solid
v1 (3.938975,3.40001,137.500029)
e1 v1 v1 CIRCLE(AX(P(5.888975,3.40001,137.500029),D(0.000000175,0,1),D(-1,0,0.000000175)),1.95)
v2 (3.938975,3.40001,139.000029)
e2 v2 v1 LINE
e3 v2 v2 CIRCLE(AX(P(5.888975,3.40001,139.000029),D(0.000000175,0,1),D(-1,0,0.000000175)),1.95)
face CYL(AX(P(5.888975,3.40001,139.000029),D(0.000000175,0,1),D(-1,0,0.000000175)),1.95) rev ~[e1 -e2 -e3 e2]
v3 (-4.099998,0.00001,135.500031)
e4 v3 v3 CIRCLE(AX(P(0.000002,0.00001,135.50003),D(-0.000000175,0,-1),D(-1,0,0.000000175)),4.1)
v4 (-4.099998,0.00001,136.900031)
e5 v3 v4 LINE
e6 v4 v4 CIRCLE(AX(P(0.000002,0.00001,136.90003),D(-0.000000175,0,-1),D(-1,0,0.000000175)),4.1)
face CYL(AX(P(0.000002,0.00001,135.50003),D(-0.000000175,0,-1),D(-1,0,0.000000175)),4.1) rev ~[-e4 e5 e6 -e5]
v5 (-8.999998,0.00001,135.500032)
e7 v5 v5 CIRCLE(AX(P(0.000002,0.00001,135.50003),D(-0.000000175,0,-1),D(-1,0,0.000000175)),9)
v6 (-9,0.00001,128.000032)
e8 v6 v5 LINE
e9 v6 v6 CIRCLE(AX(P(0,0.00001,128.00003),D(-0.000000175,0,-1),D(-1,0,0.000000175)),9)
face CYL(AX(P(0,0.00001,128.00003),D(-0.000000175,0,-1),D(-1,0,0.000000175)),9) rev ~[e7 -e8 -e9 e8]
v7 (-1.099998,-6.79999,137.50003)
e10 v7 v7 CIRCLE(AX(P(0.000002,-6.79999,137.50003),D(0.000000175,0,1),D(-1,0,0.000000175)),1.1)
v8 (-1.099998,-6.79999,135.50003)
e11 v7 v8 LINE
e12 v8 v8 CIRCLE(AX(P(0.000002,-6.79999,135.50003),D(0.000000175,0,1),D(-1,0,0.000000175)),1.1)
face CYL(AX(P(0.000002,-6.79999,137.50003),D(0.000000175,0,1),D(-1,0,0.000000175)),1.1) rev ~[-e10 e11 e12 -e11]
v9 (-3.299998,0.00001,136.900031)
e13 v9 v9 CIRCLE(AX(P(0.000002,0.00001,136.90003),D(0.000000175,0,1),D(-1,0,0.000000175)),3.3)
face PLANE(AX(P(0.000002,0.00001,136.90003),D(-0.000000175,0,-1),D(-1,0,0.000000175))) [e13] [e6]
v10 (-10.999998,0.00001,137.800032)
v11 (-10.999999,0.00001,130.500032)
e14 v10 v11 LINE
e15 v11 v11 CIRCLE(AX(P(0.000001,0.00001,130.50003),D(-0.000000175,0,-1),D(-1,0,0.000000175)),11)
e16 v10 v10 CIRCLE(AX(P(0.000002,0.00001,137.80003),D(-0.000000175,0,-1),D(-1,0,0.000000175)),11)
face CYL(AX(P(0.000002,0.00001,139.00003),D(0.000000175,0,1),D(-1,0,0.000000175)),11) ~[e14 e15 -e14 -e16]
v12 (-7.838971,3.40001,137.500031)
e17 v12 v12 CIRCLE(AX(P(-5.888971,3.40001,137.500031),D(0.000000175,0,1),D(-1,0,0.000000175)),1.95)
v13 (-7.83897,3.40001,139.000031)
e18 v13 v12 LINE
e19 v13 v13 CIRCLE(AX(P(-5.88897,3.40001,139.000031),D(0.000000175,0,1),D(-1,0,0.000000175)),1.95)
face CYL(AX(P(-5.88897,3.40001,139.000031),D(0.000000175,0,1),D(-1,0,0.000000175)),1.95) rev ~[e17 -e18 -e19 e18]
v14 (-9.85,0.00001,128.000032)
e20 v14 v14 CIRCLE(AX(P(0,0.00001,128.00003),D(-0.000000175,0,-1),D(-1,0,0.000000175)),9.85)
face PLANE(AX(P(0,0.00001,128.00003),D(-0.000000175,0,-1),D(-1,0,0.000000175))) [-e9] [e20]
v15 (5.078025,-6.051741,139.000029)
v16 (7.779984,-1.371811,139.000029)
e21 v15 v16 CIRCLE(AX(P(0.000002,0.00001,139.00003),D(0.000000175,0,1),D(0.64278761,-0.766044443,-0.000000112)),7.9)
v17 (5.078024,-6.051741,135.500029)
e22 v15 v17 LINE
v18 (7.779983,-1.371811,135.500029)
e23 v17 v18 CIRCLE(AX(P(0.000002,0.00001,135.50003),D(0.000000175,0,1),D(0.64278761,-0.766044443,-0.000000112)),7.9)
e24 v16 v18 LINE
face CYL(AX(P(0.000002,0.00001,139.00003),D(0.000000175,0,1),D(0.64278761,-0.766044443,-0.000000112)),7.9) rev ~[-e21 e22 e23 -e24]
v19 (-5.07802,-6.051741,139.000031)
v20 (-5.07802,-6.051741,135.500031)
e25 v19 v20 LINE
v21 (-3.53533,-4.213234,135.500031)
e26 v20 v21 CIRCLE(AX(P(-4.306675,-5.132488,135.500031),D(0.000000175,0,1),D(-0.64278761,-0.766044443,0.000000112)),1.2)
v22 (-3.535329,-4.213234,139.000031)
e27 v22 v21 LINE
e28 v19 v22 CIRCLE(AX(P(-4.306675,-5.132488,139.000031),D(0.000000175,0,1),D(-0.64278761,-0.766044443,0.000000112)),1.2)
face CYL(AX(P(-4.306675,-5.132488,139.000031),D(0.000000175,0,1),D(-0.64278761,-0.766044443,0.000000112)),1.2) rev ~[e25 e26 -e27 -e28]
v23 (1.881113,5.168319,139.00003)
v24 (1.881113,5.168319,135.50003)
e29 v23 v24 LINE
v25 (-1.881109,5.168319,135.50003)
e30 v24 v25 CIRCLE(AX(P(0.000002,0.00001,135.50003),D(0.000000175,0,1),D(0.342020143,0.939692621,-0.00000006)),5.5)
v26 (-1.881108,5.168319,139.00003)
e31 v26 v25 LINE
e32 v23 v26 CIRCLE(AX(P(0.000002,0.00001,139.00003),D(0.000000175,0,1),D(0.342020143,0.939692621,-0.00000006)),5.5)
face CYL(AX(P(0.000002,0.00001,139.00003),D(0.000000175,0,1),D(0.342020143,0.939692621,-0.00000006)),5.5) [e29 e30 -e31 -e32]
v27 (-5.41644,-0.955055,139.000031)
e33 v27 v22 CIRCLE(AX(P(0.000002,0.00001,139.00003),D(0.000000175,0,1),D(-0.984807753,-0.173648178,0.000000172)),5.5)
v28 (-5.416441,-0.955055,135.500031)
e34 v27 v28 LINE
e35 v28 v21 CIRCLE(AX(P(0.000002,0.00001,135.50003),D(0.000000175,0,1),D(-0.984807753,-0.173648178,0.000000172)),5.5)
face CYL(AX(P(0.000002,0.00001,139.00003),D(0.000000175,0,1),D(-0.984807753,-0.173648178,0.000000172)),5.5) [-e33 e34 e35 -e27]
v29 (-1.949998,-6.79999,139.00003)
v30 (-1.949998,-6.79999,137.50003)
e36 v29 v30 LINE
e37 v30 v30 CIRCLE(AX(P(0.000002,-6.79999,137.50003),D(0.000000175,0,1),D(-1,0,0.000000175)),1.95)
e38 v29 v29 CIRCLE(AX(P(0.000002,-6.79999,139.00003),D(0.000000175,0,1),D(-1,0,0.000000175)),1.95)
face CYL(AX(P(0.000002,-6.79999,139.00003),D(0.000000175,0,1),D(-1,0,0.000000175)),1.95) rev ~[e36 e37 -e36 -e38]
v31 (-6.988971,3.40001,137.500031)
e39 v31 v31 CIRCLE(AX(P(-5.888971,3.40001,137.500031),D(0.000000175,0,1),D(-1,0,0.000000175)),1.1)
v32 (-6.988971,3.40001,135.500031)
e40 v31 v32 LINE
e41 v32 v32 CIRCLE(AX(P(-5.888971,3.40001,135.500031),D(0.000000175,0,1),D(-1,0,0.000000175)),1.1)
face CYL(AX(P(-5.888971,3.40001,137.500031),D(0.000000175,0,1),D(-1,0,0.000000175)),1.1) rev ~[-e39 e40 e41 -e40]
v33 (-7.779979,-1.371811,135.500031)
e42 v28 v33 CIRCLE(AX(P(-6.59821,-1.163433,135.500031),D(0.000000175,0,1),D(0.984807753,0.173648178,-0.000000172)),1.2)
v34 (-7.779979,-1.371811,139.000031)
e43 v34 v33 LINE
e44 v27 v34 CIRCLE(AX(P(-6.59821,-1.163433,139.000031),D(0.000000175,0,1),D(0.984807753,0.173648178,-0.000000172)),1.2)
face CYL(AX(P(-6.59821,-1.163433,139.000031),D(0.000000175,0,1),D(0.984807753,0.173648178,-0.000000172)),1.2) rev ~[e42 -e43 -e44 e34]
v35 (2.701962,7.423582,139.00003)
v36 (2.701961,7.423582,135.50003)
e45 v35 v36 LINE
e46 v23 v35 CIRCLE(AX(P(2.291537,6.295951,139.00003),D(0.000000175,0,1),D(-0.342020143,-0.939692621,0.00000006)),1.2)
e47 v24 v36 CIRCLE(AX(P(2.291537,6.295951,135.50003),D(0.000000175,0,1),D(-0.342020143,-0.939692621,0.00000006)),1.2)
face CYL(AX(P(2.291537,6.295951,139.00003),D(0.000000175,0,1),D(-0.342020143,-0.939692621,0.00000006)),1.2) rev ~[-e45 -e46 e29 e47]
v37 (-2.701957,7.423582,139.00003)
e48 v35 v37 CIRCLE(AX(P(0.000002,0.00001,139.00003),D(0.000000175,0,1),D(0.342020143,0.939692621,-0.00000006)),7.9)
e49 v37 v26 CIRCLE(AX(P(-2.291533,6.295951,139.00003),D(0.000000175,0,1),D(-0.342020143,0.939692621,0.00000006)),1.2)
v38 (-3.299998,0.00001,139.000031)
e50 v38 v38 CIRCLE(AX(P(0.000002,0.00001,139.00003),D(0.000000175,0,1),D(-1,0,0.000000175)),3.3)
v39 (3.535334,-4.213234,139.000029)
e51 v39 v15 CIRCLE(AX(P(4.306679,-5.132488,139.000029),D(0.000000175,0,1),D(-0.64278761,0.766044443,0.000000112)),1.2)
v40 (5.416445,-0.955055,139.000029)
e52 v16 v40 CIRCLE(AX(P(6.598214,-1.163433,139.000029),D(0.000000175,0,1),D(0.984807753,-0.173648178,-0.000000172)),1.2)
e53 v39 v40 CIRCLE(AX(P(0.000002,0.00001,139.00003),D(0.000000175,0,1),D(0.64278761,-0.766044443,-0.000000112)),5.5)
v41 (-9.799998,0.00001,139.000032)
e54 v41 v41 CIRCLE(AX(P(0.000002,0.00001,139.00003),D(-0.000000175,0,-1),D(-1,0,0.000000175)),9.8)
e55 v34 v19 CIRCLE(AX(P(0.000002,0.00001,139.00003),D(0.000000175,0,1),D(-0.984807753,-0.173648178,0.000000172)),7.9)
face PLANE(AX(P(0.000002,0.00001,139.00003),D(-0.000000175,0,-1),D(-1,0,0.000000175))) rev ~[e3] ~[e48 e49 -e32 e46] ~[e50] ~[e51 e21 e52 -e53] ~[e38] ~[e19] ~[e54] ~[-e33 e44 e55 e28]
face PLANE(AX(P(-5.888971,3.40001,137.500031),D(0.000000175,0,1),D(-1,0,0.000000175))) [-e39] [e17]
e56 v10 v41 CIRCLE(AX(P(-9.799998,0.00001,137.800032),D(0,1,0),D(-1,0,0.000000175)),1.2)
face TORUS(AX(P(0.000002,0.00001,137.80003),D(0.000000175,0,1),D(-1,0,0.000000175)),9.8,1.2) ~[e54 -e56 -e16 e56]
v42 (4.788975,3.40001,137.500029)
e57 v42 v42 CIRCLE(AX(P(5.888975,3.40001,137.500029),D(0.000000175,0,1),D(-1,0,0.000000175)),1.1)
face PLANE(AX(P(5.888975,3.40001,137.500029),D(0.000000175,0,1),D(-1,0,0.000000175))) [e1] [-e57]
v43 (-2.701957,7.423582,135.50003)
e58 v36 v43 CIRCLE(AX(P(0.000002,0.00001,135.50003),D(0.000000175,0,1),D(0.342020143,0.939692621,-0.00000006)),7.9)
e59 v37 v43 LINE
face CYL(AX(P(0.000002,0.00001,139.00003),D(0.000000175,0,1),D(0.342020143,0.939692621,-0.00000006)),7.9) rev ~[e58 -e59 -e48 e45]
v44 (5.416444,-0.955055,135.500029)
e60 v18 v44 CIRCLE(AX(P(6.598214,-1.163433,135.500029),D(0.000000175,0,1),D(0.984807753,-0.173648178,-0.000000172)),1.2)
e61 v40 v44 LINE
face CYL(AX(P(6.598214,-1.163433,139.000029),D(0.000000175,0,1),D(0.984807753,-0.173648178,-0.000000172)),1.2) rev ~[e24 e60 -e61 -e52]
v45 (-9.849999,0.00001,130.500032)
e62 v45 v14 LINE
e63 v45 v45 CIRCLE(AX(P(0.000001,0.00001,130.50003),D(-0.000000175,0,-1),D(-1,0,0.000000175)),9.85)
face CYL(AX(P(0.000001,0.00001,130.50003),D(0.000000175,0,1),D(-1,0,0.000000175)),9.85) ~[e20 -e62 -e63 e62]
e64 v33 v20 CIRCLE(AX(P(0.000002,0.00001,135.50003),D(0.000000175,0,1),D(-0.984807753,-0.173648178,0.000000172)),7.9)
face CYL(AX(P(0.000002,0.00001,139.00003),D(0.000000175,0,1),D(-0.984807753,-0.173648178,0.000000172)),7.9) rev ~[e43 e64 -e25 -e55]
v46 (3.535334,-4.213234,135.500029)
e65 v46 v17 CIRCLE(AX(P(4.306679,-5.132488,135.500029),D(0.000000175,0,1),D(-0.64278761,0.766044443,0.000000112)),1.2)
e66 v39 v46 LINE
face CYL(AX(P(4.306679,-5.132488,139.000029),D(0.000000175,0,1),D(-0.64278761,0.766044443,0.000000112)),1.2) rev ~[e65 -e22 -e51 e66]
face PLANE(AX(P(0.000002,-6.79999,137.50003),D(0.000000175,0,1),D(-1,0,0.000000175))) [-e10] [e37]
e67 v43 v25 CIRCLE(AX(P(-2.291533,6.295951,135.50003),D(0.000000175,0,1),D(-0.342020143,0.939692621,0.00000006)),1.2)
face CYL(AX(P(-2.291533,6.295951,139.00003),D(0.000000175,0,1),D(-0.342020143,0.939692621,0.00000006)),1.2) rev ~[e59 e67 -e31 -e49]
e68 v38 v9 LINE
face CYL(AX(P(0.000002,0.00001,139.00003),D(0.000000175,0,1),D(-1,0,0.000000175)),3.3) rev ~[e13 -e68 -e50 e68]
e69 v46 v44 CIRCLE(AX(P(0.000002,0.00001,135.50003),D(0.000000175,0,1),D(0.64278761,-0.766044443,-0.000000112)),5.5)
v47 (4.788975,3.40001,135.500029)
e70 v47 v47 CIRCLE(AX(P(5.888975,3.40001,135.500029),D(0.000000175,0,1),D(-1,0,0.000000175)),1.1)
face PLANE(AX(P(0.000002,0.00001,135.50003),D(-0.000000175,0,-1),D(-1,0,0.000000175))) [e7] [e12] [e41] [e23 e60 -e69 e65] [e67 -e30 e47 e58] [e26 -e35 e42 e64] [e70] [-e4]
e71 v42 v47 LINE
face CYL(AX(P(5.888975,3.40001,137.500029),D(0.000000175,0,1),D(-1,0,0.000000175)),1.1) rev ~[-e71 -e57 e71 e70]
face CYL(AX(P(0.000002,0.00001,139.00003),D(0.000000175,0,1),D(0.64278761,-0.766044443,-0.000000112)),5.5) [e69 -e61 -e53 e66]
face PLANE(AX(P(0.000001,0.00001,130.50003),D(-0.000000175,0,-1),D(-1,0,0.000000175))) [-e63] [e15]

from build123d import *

# Parameters (mm, degrees)
SKETCH030_R             = 11
PAD011_DEPTH            = 8.5
SKETCH031_R             = 9.85
PAD012_DEPTH            = 2.5
SKETCH032_R             = 9
POCKET019_DEPTH         = 7.5
SKETCH033_R             = 1.95
POCKET020_DEPTH         = 1.5
FILLET010_R             = 1.2
SKETCH034_R             = 1.1
POCKET021_DEPTH         = 2
SKETCH035_R             = 3.3
POCKET022_DEPTH         = 3.5
SKETCH036_R             = 4.1
POCKET023_DEPTH         = 1.4
BODY011_PLACEMENT_ANGLE = 180.00001


with BuildPart() as part:
    # Sketch030 → Pad011 (new body)
    with BuildSketch(Plane.XY):
        Circle(SKETCH030_R)
    extrude(amount=PAD011_DEPTH)

    # Sketch031 (on Face3 of Pad011) → Pad012 (join)
    with BuildSketch(Plane.XY.offset(8.5)):
        Circle(SKETCH031_R)
    extrude(amount=PAD012_DEPTH)

    # Sketch032 (on Face5 of Pad012) → Pocket019 (cut)
    with BuildSketch(Plane.XY.offset(11)):
        Circle(SKETCH032_R)
    extrude(amount=-POCKET019_DEPTH, mode=Mode.SUBTRACT)

    # Sketch033 (on Face2 of Pocket019) → Pocket020 (cut)
    with BuildSketch(Plane(origin=(0, 0, 0), x_dir=(1, 0, 0), z_dir=(0, 0, -1))):
        with Locations((0, 6.8)):
            Circle(SKETCH033_R)
        with Locations((-5.8889727457, -3.4)):
            Circle(SKETCH033_R)
        with Locations((5.8889727457, -3.4)):
            Circle(SKETCH033_R)
    extrude(amount=-POCKET020_DEPTH, mode=Mode.SUBTRACT)

    # Fillet010
    fillet010_edges = [part.edges().sort_by_distance(p)[0] for p in [
        (-11, 0, 0),
    ]]
    fillet(fillet010_edges, radius=FILLET010_R)

    # Sketch034 (on Face11 of Fillet010) → Pocket021 (cut)
    with BuildSketch(Plane(origin=(0, 0, 1.5), x_dir=(1, 0, 0), z_dir=(0, 0, -1))):
        with Locations((-5.8889727457, -3.4)):
            Circle(SKETCH034_R)
        with Locations((0, 6.8)):
            Circle(SKETCH034_R)
        with Locations((5.8889727457, -3.4)):
            Circle(SKETCH034_R)
    extrude(amount=-POCKET021_DEPTH, mode=Mode.SUBTRACT)

    # Sketch035 (on Face4 of Pocket021) → Pocket022 (cut)
    with BuildSketch(Plane(origin=(0, 0, 0), x_dir=(1, 0, 0), z_dir=(0, 0, -1))):
        Circle(SKETCH035_R)
        with BuildLine():
            ThreePointArc((-3.5353318533, 4.2132444372), (-3.3874236532, 5.9038429005), (-5.0780221165, 6.0517511006))
            ThreePointArc((-5.0780221165, 6.0517511006), (-6.8416006899, 3.95), (-7.7799812488, 1.3718206036))
            ThreePointArc((-7.7799812488, 1.3718206036), (-6.8065897584, -0.0183265132), (-5.4164426416, 0.9550649772))
            ThreePointArc((-3.5353318533, 4.2132444372), (-4.7631397208, 2.75), (-5.4164426416, 0.9550649772))
        make_face()
        with BuildLine():
            ThreePointArc((5.0780221165, 6.0517511006), (3.3874236532, 5.9038429005), (3.5353318533, 4.2132444372))
            ThreePointArc((5.4164426416, 0.9550649772), (4.7631397208, 2.75), (3.5353318533, 4.2132444372))
            ThreePointArc((5.4164426416, 0.9550649772), (6.8065897584, -0.0183265132), (7.7799812488, 1.3718206036))
            ThreePointArc((7.7799812488, 1.3718206036), (6.8416006899, 3.95), (5.0780221165, 6.0517511006))
        make_face()
        with BuildLine():
            ThreePointArc((-1.8811107883, -5.1683094143), (-3.4191661052, -5.8855163873), (-2.7019591323, -7.4235717042))
            ThreePointArc((-2.7019591323, -7.4235717042), (0, -7.9), (2.7019591323, -7.4235717042))
            ThreePointArc((2.7019591323, -7.4235717042), (3.4191661052, -5.8855163873), (1.8811107883, -5.1683094143))
            ThreePointArc((-1.8811107883, -5.1683094143), (0, -5.5), (1.8811107883, -5.1683094143))
        make_face()
    extrude(amount=-POCKET022_DEPTH, mode=Mode.SUBTRACT)

    # Sketch036 (on Face23 of Pocket022) → Pocket023 (cut)
    with BuildSketch(Plane.XY.offset(3.5)):
        Circle(SKETCH036_R)
    extrude(amount=-POCKET023_DEPTH, mode=Mode.SUBTRACT)


with BuildPart() as part_1:
    # Body011 placement: moved
    add(part.part.moved(Location((2.3918e-06, 1e-05, 139.00003))).rotate(Axis((2.3918e-06, 1e-05, 139.00003), (0, 1, 0)), BODY011_PLACEMENT_ANGLE))


solid = part_1.part
